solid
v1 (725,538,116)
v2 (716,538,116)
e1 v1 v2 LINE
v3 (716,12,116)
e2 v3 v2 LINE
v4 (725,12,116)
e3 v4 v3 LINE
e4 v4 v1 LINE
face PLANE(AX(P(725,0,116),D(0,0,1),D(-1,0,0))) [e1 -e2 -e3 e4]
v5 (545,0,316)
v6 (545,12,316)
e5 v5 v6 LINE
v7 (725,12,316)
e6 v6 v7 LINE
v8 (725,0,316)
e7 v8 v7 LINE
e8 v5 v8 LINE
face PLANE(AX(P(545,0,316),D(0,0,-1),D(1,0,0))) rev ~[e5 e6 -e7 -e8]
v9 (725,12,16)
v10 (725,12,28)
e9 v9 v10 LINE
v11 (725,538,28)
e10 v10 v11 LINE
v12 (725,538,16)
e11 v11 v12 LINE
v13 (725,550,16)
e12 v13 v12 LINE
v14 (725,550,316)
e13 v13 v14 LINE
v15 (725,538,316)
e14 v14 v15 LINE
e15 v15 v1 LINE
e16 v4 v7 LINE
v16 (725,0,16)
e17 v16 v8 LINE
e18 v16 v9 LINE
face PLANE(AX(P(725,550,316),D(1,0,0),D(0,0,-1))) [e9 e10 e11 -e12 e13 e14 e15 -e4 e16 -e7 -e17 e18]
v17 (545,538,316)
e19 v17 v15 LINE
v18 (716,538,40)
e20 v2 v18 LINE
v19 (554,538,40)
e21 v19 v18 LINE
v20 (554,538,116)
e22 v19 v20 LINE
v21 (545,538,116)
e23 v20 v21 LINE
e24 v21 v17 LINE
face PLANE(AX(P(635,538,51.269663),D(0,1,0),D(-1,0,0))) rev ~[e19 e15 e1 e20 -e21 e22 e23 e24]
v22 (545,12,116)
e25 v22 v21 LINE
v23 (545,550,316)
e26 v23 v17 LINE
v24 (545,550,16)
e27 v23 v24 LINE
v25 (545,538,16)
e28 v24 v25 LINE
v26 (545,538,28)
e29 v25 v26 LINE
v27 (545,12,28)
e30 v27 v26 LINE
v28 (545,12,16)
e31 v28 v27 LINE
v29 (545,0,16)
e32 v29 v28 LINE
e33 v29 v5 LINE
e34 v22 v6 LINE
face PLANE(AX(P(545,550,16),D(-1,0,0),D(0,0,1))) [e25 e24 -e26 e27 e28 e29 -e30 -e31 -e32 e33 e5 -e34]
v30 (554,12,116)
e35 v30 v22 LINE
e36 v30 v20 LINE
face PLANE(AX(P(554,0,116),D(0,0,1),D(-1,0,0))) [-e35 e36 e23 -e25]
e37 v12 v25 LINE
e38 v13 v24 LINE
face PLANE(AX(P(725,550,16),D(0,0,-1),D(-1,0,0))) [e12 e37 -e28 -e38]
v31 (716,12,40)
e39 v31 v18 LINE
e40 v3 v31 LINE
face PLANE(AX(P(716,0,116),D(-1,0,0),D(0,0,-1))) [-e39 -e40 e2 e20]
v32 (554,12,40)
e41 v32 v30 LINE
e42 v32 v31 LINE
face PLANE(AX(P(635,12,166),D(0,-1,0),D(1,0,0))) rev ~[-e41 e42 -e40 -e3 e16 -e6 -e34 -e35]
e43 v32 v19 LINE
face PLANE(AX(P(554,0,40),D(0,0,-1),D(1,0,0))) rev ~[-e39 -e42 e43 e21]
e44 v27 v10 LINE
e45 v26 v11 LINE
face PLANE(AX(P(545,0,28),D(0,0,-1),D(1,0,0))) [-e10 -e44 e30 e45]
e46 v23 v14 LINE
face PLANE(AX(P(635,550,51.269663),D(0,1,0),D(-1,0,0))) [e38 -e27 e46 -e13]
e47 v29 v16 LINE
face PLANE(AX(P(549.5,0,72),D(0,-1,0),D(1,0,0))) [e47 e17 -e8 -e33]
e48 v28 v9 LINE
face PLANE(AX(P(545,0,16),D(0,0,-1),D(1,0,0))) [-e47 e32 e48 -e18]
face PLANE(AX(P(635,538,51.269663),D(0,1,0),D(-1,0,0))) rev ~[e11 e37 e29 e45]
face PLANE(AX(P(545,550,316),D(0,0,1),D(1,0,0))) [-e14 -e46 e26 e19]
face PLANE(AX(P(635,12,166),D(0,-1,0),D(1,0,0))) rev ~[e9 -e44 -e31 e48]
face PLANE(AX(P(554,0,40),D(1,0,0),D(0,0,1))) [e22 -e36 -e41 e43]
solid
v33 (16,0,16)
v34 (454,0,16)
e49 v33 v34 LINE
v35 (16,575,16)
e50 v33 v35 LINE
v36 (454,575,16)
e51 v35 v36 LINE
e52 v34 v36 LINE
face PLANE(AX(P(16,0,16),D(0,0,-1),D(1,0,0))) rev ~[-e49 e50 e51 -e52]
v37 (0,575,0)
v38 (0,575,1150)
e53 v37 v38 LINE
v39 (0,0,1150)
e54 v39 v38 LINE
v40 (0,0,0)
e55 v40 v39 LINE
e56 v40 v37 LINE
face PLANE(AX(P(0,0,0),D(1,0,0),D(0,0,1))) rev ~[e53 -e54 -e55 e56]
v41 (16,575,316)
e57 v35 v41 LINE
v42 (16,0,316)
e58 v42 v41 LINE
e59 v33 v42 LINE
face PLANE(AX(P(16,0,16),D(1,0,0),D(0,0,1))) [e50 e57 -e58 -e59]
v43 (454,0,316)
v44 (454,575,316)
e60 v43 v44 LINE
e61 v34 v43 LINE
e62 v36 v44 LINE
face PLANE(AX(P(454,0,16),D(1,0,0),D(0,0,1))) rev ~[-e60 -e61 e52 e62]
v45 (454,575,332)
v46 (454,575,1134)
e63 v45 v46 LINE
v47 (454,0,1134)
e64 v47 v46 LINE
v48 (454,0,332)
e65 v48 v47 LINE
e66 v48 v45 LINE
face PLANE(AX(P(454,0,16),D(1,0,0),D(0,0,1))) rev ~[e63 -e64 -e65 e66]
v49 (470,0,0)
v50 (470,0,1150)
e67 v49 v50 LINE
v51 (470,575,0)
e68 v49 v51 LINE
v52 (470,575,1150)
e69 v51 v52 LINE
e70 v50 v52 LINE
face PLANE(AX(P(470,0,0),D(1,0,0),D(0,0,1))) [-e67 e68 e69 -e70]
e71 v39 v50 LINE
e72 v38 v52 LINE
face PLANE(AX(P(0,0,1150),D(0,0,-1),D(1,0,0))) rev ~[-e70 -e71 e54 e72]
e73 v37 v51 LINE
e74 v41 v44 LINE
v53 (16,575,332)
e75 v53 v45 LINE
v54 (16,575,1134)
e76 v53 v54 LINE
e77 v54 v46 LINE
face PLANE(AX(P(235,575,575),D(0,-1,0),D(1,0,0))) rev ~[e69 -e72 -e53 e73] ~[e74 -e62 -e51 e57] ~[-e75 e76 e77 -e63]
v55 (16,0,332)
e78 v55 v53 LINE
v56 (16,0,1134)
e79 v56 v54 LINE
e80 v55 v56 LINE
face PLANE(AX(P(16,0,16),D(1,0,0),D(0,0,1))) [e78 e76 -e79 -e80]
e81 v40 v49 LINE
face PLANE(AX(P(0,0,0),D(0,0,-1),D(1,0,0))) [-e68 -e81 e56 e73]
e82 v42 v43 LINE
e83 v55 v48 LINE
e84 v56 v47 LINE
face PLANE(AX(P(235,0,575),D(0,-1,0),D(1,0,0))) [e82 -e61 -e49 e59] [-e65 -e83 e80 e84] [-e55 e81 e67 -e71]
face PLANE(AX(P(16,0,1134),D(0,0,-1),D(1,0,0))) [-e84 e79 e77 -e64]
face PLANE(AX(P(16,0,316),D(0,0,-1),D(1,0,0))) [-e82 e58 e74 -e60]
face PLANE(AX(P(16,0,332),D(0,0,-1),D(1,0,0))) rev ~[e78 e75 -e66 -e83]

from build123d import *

# Parameters (mm, degrees)
F0_W      = 470
F0_H      = 1150
F1_DEPTH  = 575
F2_W      = 438
F2_H      = 1118
F3_DEPTH  = 575
F4_W      = 438
F4_H      = 16
F5_DEPTH  = 575
F6_W      = 180
F6_H      = 300
F7_DEPTH  = 12
F8_W      = 162
F8_H      = 12
F9_DEPTH  = 550
F11_DEPTH = 12


with BuildPart() as f1:
    # F0 (on Front) → F1 (new body)
    with BuildSketch(Plane.XZ):
        with Locations((235, 575)):
            Rectangle(F0_W, F0_H)
    extrude(amount=-F1_DEPTH)

    # F2 (on face) → F3 (cut)
    with BuildSketch(Plane.XZ):
        with Locations((235, 575)):
            Rectangle(F2_W, F2_H)
    extrude(amount=-F3_DEPTH, mode=Mode.SUBTRACT)

    # F4 (on face) → F5 (join)
    with BuildSketch(Plane.XZ):
        with Locations((235, 324)):
            Rectangle(F4_W, F4_H)
    extrude(amount=-F5_DEPTH)


with BuildPart() as f7:
    # F6 (on Front) → F7 (new body)
    with BuildSketch(Plane.XZ):
        with Locations((635, 166)):
            Rectangle(F6_W, F6_H)
    extrude(amount=-F7_DEPTH)

    # F8 (on face) → F9 (join)
    with BuildSketch(Plane.XZ):
        Polygon((554, 116), (545, 116), (545, 28), (554, 28), (554, 40), align=None)
        with Locations((635, 34)):
            Rectangle(F8_W, F8_H)
        Polygon((725, 28), (725, 116), (716, 116), (716, 40), (716, 28), align=None)
    extrude(amount=-F9_DEPTH)

    # F10 (on face) → F11 (join)
    with BuildSketch(Plane(origin=(0, 550, 0), x_dir=(-1, 0, 0), z_dir=(0, 1, 0))):
        Polygon((-545, 116), (-554, 116), (-554, 40), (-716, 40), (-716, 116), (-725, 116), (-725, 16), (-545, 16), align=None)
        Polygon((-554, 40), (-554, 116), (-545, 116), (-545, 316), (-725, 316), (-725, 116), (-716, 116), (-716, 40), align=None)
    extrude(amount=-F11_DEPTH)


solid = Compound([f1.part, f7.part])
